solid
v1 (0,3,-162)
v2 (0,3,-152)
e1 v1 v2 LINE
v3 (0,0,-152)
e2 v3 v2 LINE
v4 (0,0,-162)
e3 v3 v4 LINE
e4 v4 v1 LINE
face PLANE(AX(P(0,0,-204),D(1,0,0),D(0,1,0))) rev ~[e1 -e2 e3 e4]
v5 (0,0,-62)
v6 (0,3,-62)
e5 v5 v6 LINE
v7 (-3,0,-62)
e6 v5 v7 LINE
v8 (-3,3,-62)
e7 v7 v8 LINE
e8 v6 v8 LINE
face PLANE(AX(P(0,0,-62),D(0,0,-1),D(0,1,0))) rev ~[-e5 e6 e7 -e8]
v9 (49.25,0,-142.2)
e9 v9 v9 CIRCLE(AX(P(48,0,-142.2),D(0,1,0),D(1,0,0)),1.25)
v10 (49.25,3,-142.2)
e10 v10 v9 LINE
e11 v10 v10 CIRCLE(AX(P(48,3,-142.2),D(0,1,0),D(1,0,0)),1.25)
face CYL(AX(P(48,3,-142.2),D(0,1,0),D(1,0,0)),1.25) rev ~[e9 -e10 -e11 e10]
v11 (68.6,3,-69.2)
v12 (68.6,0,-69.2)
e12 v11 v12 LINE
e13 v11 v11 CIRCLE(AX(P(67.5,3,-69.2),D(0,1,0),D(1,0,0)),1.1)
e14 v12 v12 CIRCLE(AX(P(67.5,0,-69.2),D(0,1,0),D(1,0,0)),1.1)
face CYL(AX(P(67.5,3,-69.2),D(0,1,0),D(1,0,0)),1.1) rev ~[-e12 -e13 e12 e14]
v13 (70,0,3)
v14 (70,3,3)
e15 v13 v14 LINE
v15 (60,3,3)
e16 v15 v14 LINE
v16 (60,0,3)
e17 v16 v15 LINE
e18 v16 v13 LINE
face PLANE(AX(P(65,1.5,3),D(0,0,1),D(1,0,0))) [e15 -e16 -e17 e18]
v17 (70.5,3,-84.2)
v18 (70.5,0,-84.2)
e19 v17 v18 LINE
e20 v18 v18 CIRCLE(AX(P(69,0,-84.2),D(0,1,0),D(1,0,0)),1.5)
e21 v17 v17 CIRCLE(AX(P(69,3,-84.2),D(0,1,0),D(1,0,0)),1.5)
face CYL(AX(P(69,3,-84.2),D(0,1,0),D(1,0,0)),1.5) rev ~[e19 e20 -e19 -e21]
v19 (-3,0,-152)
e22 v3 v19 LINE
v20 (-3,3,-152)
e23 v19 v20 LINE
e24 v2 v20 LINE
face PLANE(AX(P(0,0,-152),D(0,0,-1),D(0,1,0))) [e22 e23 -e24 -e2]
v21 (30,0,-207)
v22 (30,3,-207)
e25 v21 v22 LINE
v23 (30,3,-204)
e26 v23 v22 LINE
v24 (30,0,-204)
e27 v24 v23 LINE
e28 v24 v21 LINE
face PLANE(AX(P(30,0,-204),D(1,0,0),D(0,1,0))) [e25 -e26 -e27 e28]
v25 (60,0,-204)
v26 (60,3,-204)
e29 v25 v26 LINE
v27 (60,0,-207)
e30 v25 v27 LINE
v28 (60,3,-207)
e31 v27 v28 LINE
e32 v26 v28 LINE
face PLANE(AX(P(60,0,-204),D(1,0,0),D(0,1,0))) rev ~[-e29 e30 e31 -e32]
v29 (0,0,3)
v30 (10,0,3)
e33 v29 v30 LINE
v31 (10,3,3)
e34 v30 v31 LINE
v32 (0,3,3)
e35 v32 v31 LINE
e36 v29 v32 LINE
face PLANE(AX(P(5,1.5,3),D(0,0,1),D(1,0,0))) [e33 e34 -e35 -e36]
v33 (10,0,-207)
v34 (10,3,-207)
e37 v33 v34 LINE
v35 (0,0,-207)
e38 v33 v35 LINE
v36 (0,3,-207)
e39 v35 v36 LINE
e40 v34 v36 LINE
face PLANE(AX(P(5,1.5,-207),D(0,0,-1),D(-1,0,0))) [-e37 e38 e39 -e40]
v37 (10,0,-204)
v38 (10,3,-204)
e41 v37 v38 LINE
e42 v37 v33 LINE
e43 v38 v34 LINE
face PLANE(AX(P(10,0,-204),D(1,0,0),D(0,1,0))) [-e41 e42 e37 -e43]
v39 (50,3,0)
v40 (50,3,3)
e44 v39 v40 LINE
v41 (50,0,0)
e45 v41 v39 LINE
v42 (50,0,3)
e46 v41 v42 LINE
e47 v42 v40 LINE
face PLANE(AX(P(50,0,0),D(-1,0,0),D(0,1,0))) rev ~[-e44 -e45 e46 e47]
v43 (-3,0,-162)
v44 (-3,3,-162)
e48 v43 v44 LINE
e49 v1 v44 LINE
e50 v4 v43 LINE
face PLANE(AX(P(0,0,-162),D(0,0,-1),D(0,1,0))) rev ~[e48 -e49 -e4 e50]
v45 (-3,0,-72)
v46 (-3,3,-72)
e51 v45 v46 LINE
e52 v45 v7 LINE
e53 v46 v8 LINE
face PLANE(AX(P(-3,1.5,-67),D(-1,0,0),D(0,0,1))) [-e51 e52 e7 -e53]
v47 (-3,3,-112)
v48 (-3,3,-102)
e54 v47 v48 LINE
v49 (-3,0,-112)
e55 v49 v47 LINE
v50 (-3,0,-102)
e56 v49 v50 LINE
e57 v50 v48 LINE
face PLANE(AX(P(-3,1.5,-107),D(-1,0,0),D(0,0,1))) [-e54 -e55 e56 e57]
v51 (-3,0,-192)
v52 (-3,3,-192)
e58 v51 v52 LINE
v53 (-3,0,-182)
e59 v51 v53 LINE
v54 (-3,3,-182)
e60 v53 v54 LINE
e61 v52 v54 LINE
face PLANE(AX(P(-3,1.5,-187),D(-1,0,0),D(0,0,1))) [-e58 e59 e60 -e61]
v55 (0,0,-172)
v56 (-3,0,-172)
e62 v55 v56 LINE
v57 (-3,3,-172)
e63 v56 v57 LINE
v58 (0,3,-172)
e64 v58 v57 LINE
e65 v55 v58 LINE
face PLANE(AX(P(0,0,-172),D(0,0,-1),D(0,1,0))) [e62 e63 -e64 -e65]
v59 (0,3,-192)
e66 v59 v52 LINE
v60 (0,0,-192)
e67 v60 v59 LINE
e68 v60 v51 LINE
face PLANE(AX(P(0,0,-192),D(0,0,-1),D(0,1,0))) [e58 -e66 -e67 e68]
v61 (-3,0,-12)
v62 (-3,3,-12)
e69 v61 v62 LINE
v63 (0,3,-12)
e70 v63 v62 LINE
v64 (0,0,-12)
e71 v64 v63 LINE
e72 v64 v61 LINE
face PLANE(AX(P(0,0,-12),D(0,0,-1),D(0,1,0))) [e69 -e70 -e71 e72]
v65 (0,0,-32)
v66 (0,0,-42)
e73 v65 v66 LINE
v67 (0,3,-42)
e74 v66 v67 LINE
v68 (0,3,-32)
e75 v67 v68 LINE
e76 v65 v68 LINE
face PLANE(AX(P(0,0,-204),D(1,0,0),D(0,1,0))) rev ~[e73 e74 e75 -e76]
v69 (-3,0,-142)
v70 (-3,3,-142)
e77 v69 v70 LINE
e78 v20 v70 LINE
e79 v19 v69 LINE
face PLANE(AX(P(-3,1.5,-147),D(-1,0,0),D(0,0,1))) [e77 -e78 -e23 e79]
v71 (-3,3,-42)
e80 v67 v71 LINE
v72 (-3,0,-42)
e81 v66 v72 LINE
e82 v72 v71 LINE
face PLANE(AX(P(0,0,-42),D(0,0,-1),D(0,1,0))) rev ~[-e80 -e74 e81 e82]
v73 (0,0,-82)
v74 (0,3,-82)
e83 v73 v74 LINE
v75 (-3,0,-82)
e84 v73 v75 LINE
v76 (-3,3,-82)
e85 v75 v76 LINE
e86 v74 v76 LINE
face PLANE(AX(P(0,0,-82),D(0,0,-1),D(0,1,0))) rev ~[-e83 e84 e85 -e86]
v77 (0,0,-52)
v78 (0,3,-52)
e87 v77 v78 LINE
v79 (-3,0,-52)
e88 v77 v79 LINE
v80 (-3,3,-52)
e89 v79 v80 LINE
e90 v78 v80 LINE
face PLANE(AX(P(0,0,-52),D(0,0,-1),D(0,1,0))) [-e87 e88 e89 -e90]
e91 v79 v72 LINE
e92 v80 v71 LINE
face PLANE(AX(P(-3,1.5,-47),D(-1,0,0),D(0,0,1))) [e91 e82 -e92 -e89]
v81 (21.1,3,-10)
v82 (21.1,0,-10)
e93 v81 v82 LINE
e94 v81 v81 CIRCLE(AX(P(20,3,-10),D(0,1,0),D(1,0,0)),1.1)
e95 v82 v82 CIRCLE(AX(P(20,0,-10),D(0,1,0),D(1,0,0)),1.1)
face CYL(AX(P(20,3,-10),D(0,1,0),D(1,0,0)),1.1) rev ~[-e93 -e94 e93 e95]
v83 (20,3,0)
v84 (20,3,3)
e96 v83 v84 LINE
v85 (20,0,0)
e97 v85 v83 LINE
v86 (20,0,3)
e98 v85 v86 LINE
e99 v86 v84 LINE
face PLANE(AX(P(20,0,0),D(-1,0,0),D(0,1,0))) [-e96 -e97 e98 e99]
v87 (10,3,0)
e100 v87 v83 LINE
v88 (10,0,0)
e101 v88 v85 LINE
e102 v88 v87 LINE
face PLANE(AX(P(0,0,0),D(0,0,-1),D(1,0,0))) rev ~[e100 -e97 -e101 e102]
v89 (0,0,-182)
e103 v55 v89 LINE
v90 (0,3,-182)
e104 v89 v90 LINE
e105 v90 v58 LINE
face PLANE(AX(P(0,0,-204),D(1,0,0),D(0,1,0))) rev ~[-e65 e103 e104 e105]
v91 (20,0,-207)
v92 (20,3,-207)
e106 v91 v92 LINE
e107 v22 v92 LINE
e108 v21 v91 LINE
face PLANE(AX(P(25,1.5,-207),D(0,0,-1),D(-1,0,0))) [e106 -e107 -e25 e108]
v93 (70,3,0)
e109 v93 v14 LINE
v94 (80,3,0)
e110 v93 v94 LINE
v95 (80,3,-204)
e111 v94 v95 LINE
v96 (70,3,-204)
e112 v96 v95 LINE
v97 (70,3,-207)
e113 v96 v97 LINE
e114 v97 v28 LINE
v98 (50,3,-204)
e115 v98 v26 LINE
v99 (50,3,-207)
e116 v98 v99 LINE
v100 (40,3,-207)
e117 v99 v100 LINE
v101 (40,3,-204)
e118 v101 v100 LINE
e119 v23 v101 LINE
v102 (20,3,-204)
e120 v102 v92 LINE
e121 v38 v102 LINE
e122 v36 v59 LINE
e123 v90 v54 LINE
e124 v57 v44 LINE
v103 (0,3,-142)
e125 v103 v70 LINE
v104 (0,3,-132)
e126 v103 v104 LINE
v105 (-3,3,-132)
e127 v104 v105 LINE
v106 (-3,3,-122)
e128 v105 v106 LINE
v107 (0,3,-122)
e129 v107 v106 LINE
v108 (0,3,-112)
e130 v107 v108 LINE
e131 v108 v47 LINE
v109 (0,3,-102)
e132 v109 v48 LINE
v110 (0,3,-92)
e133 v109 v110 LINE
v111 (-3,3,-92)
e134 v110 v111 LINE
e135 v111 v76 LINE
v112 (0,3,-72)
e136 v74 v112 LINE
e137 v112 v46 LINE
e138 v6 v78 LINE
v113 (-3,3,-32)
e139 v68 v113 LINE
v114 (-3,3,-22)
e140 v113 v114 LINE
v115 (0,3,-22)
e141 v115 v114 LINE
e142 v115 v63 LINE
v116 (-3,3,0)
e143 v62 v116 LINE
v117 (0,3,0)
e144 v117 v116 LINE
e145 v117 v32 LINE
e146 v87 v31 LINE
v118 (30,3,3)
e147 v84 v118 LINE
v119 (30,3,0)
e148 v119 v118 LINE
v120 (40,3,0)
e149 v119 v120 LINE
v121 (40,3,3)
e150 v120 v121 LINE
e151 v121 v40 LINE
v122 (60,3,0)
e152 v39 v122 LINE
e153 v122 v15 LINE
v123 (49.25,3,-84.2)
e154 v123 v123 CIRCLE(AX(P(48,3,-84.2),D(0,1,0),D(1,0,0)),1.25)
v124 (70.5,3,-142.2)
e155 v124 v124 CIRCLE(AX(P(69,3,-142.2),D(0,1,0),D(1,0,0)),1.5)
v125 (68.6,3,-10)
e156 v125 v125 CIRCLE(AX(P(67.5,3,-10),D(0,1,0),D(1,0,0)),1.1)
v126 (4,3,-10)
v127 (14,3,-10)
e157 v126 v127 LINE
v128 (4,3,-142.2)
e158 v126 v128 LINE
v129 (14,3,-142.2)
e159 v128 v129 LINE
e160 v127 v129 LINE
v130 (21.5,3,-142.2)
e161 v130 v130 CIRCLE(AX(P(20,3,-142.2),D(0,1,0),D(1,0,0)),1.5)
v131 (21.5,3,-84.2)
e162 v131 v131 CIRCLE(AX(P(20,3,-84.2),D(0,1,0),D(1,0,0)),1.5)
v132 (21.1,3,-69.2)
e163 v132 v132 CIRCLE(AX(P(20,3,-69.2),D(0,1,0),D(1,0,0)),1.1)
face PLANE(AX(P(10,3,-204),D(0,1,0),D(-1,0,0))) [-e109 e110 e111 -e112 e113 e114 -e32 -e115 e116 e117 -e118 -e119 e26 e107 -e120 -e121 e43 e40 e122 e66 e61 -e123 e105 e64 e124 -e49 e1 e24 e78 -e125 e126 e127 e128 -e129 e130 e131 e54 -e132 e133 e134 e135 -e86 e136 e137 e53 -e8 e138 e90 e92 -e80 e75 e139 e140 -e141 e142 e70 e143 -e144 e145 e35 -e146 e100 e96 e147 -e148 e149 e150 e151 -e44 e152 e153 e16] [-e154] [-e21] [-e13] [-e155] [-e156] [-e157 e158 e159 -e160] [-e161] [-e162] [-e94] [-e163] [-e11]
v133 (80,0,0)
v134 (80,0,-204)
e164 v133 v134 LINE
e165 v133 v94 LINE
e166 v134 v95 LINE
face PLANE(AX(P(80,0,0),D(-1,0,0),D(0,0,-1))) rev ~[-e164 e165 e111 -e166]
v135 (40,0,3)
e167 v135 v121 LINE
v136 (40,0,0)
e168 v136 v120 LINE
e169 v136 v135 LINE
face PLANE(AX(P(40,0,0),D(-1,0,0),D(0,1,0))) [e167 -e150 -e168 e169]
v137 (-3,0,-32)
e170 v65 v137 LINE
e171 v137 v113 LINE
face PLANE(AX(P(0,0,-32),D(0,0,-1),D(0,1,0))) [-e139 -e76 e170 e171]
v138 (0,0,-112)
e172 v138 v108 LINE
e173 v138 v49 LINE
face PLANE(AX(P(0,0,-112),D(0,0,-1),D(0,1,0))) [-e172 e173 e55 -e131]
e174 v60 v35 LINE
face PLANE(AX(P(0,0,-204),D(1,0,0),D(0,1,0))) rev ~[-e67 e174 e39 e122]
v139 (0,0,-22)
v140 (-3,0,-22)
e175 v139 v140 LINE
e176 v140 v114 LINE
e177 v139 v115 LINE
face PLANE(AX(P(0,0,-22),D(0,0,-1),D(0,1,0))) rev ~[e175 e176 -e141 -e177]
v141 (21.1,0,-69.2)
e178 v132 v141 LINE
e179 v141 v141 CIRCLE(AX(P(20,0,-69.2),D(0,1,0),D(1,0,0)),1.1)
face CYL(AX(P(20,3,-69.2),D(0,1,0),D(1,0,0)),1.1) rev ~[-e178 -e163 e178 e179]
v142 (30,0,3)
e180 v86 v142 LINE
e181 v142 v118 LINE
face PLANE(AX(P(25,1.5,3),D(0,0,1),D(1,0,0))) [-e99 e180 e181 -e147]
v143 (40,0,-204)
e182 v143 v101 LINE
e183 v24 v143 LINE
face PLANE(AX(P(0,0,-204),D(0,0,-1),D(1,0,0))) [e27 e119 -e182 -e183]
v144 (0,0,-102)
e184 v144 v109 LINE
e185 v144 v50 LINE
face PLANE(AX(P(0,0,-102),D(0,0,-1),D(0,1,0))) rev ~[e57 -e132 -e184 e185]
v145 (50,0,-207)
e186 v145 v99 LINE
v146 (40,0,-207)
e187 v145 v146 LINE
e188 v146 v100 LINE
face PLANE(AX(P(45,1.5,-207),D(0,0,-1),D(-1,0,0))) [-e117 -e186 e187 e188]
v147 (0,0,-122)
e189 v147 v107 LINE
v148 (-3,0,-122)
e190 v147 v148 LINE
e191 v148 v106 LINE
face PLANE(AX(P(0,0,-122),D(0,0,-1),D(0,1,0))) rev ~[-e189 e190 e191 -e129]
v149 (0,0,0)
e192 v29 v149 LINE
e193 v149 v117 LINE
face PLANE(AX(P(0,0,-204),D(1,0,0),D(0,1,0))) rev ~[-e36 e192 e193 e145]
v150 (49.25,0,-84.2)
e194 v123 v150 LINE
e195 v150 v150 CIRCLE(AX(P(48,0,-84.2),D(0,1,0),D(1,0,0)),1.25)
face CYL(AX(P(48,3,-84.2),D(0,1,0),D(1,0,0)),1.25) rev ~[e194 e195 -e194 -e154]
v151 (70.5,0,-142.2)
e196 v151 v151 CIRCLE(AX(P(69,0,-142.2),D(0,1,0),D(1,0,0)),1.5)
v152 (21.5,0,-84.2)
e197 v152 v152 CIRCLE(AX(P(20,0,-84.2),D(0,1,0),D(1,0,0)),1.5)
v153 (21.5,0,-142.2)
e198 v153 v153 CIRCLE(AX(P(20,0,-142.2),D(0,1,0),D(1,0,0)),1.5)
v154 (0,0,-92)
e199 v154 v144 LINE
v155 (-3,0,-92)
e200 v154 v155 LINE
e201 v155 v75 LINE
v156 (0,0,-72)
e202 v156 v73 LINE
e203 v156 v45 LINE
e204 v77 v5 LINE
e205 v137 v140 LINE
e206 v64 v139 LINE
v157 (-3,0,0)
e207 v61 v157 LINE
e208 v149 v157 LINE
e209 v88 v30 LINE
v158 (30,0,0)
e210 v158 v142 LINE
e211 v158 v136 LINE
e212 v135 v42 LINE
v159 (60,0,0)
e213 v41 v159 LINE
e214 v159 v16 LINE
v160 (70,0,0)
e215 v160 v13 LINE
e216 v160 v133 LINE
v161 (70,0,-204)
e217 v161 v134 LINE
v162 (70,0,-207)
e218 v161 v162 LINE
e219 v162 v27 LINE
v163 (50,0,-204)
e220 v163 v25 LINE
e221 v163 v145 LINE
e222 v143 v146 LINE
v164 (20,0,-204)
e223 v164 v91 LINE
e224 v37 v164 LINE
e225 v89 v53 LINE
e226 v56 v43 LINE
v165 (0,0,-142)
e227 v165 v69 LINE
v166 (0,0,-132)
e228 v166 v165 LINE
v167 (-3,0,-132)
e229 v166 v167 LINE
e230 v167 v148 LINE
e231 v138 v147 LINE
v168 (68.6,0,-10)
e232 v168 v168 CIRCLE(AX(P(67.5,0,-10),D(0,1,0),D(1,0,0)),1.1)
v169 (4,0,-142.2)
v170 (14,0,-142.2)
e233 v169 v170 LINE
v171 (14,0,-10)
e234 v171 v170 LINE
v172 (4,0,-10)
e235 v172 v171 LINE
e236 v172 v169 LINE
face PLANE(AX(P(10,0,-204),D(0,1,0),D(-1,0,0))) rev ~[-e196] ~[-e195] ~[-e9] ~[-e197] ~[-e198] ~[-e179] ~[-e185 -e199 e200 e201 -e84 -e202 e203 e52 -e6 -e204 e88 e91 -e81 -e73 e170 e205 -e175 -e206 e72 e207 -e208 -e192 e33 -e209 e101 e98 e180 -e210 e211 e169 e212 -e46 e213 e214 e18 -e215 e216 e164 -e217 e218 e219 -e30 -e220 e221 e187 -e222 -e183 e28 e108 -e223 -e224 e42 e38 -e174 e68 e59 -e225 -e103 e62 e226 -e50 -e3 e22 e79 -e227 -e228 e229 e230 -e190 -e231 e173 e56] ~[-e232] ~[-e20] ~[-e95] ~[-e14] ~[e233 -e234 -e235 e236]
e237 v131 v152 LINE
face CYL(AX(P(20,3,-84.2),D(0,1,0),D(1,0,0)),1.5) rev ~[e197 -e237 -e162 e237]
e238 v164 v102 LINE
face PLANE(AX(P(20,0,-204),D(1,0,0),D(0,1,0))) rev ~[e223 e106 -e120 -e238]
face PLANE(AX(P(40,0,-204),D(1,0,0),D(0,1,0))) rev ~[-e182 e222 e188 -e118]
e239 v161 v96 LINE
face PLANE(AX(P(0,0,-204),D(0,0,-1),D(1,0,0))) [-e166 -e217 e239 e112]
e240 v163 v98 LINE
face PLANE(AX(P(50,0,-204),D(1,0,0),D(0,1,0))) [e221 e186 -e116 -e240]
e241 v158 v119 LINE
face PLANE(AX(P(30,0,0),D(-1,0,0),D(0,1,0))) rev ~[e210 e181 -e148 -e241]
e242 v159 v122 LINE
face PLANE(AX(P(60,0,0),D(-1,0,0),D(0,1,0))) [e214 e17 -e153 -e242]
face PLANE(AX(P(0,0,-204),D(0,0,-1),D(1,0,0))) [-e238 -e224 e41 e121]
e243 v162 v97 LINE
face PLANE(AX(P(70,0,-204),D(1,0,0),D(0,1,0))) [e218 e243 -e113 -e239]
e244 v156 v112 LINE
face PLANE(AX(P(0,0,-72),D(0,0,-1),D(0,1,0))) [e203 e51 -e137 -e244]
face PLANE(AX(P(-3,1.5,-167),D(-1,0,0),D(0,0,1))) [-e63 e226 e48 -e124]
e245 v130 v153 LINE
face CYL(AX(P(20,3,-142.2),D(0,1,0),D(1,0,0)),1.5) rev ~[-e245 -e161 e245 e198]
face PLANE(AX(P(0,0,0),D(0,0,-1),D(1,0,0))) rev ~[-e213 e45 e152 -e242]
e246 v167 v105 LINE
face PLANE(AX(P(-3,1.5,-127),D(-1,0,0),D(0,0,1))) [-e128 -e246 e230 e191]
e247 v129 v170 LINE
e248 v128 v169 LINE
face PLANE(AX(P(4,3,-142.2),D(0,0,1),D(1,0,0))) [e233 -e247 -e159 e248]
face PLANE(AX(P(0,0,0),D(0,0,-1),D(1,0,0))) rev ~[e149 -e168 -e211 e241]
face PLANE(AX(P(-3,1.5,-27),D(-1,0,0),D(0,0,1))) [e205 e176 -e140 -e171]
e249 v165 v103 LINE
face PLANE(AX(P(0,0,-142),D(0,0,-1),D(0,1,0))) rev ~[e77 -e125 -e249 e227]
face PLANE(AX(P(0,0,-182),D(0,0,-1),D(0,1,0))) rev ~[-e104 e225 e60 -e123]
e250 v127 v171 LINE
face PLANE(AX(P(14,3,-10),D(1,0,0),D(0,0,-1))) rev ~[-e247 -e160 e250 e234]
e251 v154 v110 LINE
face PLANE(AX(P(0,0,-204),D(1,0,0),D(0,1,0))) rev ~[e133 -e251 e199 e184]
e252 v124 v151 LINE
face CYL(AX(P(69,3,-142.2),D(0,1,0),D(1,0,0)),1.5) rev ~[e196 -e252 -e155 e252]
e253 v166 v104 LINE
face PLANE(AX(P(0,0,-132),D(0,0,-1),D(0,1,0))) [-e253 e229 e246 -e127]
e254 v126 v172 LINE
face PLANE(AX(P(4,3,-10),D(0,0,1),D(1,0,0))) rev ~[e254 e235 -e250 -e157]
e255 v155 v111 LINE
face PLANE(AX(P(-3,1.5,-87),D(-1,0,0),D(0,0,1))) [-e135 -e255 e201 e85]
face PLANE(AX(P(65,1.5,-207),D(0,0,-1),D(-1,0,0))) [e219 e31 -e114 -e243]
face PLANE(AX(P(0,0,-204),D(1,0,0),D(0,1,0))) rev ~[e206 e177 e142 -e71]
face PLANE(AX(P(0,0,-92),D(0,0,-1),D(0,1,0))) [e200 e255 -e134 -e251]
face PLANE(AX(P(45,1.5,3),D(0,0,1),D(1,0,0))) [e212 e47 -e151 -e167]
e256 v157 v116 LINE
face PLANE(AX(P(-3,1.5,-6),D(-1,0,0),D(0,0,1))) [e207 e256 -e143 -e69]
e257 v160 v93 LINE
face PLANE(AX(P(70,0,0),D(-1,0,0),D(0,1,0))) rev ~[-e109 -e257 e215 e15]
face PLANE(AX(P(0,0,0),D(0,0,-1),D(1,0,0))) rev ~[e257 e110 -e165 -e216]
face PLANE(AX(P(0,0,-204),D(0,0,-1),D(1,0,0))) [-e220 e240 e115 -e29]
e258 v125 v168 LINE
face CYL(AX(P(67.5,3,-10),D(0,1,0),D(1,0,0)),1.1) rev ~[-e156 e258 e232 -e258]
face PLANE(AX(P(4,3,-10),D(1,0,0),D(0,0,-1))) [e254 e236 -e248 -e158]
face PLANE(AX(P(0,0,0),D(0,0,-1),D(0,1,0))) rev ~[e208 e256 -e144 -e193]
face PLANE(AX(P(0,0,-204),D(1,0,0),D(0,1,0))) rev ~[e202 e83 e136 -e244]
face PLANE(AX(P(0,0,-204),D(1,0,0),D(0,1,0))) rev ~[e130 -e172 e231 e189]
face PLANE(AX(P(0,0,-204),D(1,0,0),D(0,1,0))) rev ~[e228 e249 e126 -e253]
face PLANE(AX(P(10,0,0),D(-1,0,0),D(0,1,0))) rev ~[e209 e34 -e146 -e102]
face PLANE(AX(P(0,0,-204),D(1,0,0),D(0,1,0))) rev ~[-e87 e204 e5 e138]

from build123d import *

# Parameters (mm, degrees)
SKETCH1_W           = 80
SKETCH1_H           = 204
BOSS_EXTRUDE1_DEPTH = 3
SKETCH2_W           = 10
SKETCH2_H           = 3
BOSS_EXTRUDE2_DEPTH = 3
LPATTERN1_COUNT     = 4
LPATTERN1_PITCH     = 20
SKETCH3_W           = 10
SKETCH3_H           = 3
BOSS_EXTRUDE3_DEPTH = 3
LPATTERN2_COUNT     = 4
LPATTERN2_PITCH     = 20
SKETCH4_R           = 1.1
SKETCH4_R_2         = 1.5
SKETCH4_R_3         = 1.25
SKETCH4_W           = 10
SKETCH4_H           = 132.2
CUT_EXTRUDE1_DEPTH  = 4
SKETCH5_W           = 12
SKETCH5_H           = 3
SKETCH5_W_2         = 10
BOSS_EXTRUDE4_DEPTH = 3


with BuildPart() as part:
    # Sketch1 → Boss-Extrude1 (new body)
    with BuildSketch(Plane(origin=(0, 0, 0), x_dir=(1, 0, 0), z_dir=(0, 1, 0))):
        with Locations((40, 102)):
            Rectangle(SKETCH1_W, SKETCH1_H)
    extrude(amount=BOSS_EXTRUDE1_DEPTH)

    # Sketch2 → Boss-Extrude2 (add)
    with BuildSketch(Plane.XY):
        with Locations((5, 1.5)):
            Rectangle(SKETCH2_W, SKETCH2_H)
    boss_extrude2 = extrude(amount=BOSS_EXTRUDE2_DEPTH)

    # LPattern1: Boss-Extrude2 ×4
    with Locations(*[(i * LPATTERN1_PITCH, 0, 0) for i in range(1, LPATTERN1_COUNT)]):
        add(boss_extrude2)

    # Sketch3 → Boss-Extrude3 (add)
    with BuildSketch(Plane(origin=(0, 0, -204), x_dir=(-1, 0, 0), z_dir=(0, 0, -1))):
        with Locations((-5, 1.5)):
            Rectangle(SKETCH3_W, SKETCH3_H)
    boss_extrude3 = extrude(amount=BOSS_EXTRUDE3_DEPTH)

    # LPattern2: Boss-Extrude3 ×4
    with Locations(*[(i * LPATTERN2_PITCH, 0, 0) for i in range(1, LPATTERN2_COUNT)]):
        add(boss_extrude3)

    # Sketch4 → Cut-Extrude1 (cut, through all)
    with BuildSketch(Plane(origin=(0, 3, 0), x_dir=(1, 0, 0), z_dir=(0, 1, 0))):
        with Locations((20, 10)):
            Circle(SKETCH4_R)
        with Locations((67.5, 10)):
            Circle(SKETCH4_R)
        with Locations((20, 69.2)):
            Circle(SKETCH4_R)
        with Locations((67.5, 69.2)):
            Circle(SKETCH4_R)
        with Locations((20, 84.2)):
            Circle(SKETCH4_R_2)
        with Locations((69, 84.2)):
            Circle(SKETCH4_R_2)
        with Locations((69, 142.2)):
            Circle(SKETCH4_R_2)
        with Locations((20, 142.2)):
            Circle(SKETCH4_R_2)
        with Locations((48, 84.2)):
            Circle(SKETCH4_R_3)
        with Locations((48, 142.2)):
            Circle(SKETCH4_R_3)
        with Locations((9, 76.1)):
            Rectangle(SKETCH4_W, SKETCH4_H)
    extrude(amount=-CUT_EXTRUDE1_DEPTH, mode=Mode.SUBTRACT)

    # Sketch5 → Boss-Extrude4 (add)
    with BuildSketch(Plane.ZY):
        with Locations((-6, 1.5)):
            Rectangle(SKETCH5_W, SKETCH5_H)
        with Locations((-27, 1.5)):
            Rectangle(SKETCH5_W_2, SKETCH5_H)
        with Locations((-47, 1.5)):
            Rectangle(SKETCH5_W_2, SKETCH5_H)
        with Locations((-67, 1.5)):
            Rectangle(SKETCH5_W_2, SKETCH5_H)
        with Locations((-87, 1.5)):
            Rectangle(SKETCH5_W_2, SKETCH5_H)
        with Locations((-107, 1.5)):
            Rectangle(SKETCH5_W_2, SKETCH5_H)
        with Locations((-127, 1.5)):
            Rectangle(SKETCH5_W_2, SKETCH5_H)
        with Locations((-147, 1.5)):
            Rectangle(SKETCH5_W_2, SKETCH5_H)
        with Locations((-167, 1.5)):
            Rectangle(SKETCH5_W_2, SKETCH5_H)
        with Locations((-187, 1.5)):
            Rectangle(SKETCH5_W_2, SKETCH5_H)
    extrude(amount=BOSS_EXTRUDE4_DEPTH)


solid = part.part
